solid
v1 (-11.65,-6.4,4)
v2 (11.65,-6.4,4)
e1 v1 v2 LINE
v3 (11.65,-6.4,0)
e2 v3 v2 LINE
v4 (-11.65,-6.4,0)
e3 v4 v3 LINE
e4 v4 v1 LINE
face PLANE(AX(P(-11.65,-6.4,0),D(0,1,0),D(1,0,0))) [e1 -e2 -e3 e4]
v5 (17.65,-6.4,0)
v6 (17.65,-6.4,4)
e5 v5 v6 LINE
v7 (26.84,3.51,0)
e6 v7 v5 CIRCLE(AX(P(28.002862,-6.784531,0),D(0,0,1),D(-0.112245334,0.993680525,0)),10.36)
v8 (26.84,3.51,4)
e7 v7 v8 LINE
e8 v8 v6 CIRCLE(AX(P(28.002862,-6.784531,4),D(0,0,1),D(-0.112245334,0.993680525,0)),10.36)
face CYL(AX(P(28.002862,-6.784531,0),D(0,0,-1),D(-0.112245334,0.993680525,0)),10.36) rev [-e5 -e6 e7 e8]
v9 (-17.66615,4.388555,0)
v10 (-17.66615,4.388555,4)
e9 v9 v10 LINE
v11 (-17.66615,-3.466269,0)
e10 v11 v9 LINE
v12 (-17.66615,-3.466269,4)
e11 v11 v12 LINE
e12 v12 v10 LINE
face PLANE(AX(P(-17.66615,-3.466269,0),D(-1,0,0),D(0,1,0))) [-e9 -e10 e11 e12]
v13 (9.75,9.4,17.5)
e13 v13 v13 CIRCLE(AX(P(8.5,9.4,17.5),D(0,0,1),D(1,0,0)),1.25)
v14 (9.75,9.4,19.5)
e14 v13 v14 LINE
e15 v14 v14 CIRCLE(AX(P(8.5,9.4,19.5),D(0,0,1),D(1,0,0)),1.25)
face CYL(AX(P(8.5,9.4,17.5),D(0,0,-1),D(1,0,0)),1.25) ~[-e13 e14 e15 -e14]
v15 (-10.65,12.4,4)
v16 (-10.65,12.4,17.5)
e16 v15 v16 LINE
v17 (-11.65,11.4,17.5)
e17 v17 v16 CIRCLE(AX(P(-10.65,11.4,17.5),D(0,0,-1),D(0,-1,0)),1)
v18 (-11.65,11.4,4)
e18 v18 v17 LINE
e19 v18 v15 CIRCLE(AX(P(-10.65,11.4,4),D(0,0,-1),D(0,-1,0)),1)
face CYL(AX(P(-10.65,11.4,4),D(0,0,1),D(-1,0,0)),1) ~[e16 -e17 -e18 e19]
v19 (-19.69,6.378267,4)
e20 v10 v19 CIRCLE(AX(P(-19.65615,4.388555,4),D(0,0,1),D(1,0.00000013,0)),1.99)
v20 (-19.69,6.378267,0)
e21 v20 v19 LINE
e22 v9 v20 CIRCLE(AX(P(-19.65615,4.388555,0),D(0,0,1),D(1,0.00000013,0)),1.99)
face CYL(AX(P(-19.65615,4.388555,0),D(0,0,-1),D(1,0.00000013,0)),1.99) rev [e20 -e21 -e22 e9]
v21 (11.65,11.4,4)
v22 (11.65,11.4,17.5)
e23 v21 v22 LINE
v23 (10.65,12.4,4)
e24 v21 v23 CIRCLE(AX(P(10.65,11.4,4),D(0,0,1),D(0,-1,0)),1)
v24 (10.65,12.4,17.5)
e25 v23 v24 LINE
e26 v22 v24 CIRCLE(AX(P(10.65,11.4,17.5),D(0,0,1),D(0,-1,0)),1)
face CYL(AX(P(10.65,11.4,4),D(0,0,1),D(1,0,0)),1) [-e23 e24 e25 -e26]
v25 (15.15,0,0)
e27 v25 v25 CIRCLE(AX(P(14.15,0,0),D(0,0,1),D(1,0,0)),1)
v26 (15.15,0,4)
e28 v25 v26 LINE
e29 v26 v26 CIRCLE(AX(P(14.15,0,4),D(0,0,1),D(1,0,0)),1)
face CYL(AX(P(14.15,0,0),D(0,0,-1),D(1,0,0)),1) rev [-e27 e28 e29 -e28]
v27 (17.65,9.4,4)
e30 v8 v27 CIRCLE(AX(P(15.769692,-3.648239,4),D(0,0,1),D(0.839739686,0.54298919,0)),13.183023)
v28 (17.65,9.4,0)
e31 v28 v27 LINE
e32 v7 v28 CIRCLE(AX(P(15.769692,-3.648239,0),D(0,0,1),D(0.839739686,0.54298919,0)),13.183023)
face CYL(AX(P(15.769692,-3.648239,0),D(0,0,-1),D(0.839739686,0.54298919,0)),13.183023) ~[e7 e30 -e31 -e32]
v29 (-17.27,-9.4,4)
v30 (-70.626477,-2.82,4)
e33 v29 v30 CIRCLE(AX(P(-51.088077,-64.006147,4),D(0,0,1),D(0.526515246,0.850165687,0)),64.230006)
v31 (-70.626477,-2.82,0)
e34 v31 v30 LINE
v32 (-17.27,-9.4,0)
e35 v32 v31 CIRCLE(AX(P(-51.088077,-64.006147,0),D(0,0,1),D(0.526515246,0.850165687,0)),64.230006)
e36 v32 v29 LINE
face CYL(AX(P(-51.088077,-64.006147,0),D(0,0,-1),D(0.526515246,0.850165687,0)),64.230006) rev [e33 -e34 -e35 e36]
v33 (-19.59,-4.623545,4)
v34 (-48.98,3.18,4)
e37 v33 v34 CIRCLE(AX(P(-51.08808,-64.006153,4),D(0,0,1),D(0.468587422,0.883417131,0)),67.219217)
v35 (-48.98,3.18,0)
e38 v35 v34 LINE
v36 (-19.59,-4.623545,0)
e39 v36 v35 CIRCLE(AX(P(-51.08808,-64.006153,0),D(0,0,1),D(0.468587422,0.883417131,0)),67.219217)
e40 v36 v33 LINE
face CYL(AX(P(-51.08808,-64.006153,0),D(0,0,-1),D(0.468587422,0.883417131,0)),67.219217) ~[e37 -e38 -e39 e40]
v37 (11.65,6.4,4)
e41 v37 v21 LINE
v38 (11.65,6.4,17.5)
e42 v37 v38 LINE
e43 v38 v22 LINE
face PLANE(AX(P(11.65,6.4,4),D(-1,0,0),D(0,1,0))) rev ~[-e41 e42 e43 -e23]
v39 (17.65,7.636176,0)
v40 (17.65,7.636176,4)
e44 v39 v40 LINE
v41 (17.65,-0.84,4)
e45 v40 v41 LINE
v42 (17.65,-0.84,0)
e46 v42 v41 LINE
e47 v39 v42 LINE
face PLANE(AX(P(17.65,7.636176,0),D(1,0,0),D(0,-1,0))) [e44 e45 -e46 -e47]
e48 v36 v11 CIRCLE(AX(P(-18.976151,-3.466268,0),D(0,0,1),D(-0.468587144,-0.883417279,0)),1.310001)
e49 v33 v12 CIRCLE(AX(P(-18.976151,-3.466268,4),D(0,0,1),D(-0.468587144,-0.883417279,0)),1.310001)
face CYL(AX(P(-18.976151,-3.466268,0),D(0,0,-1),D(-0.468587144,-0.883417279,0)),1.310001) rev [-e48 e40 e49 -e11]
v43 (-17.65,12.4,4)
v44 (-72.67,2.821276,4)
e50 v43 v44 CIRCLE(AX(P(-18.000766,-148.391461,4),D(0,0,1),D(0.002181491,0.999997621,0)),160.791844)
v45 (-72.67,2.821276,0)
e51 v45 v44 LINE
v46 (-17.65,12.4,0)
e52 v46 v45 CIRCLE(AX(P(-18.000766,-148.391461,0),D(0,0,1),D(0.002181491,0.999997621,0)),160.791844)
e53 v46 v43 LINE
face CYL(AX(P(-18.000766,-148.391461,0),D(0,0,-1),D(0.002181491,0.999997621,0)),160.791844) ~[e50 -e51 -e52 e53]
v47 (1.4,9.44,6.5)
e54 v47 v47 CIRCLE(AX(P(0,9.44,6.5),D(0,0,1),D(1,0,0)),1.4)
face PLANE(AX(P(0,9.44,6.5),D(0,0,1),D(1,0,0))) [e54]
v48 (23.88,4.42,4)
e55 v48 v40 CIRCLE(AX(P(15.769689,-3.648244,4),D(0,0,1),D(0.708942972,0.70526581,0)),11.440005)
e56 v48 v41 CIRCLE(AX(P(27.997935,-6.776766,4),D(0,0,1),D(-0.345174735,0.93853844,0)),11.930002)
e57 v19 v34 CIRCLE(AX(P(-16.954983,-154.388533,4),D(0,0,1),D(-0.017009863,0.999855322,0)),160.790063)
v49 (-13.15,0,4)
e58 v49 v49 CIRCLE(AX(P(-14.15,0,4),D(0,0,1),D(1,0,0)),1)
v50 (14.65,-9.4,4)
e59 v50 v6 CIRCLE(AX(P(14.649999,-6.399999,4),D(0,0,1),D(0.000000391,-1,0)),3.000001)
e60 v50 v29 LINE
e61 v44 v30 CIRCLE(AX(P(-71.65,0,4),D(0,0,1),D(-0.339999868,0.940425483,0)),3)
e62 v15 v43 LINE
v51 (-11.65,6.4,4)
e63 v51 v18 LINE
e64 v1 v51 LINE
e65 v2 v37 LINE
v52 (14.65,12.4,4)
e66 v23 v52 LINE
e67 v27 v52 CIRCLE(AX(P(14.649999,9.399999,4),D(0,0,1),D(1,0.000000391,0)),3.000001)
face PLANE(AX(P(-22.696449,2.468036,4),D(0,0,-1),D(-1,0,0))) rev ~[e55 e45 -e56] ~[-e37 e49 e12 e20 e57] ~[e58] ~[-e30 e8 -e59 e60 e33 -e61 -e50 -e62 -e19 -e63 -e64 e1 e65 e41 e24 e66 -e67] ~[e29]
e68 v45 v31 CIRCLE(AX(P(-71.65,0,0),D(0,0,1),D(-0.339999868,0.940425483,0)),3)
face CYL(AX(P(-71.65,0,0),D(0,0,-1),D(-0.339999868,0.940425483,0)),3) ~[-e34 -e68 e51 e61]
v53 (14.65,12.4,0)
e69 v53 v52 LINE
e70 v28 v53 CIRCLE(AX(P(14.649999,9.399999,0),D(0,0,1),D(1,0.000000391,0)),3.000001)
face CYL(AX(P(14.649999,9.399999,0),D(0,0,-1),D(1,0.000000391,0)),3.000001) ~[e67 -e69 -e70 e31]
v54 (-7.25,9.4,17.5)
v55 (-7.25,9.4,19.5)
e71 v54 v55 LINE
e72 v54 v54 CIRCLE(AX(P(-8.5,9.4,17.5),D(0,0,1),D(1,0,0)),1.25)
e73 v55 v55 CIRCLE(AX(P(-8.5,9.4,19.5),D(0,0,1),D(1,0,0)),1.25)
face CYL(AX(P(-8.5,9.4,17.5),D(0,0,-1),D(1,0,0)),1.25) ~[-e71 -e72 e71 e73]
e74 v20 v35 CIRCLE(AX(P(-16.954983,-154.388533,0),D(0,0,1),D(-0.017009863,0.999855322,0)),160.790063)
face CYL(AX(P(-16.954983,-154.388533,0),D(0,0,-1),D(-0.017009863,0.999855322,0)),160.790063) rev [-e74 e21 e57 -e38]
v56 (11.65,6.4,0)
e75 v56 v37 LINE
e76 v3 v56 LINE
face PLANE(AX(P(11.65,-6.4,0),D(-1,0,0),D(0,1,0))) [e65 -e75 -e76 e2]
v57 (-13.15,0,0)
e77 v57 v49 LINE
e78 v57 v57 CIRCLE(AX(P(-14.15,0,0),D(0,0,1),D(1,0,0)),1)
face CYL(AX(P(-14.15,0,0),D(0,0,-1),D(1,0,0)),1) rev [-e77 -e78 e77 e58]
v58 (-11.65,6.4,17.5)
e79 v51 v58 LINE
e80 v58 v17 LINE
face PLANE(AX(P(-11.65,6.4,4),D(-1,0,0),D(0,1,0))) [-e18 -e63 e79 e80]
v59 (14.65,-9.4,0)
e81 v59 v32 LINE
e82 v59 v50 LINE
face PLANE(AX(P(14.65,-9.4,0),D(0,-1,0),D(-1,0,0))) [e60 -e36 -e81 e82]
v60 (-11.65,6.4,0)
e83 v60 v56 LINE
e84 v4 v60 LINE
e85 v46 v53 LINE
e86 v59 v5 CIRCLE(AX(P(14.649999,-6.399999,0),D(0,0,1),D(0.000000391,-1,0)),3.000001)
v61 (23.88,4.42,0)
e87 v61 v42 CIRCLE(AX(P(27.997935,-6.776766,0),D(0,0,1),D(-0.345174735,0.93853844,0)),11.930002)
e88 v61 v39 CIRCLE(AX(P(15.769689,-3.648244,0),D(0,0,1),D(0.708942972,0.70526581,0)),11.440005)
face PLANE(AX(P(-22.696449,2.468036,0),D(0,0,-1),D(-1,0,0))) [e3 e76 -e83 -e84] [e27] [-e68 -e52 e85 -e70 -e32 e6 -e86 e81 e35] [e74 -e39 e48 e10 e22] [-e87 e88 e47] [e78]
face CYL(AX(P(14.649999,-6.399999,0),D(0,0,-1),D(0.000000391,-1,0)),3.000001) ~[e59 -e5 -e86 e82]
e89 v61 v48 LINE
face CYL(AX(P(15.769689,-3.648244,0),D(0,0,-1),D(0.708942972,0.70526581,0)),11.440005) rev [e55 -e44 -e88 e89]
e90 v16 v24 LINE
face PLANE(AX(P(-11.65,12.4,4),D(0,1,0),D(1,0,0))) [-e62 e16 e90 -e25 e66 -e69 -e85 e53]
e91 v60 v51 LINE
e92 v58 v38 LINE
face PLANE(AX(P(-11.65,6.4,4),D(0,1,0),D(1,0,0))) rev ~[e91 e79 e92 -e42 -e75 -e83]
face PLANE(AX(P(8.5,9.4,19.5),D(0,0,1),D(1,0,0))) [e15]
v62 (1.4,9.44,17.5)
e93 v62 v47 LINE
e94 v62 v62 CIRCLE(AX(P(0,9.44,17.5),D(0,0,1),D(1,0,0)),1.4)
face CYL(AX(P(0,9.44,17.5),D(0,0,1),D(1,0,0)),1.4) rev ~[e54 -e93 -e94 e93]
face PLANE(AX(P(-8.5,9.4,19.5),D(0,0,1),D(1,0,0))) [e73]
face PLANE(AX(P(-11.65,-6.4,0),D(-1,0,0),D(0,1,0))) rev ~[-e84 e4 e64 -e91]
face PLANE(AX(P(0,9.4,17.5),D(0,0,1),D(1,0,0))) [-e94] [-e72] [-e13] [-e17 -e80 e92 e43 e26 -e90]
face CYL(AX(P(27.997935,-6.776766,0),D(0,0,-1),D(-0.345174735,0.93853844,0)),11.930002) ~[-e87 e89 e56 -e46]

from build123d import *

# Parameters (mm, degrees)
SKETCH_R     = 1
SKETCH_W     = 23.3
SKETCH_H     = 12.8
PAD_DEPTH    = 4
SKETCH001_W  = 23.3
SKETCH001_H  = 6
PAD001_DEPTH = 13.5
FILLET_R     = 1
FILLET001_R  = 1
SKETCH002_R  = 1.25
PAD002_DEPTH = 2
SKETCH003_R  = 1.4
POCKET_DEPTH = 11


with BuildPart() as part:
    # Sketch → Pad (new body)
    with BuildSketch(Plane.XY):
        with BuildLine():
            Line((-17.65, 12.4), (14.65, 12.4))
            ThreePointArc((17.65, 9.4), (16.77132, 11.52132), (14.65, 12.4))
            ThreePointArc((26.84, 3.51), (22.883245, 7.450836), (17.65, 9.4))
            ThreePointArc((26.84, 3.51), (20.406481, 0.259943), (17.65, -6.4))
            ThreePointArc((14.65, -9.4), (16.77132, -8.52132), (17.65, -6.4))
            Line((14.65, -9.4), (-17.27, -9.4))
            ThreePointArc((-17.27, -9.4), (-43.226691, -0.259051), (-70.626477, -2.82))
            ThreePointArc((-72.67, 2.821276), (-74.470639, -1.021762), (-70.626477, -2.82))
            ThreePointArc((-17.65, 12.4), (-45.579054, 10.017677), (-72.67, 2.821276))
        make_face()
        with Locations((-14.15, 0)):
            Circle(SKETCH_R, mode=Mode.SUBTRACT)
        with Locations((14.15, 0)):
            Circle(SKETCH_R, mode=Mode.SUBTRACT)
        Rectangle(SKETCH_W, SKETCH_H, mode=Mode.SUBTRACT)
        with BuildLine():
            Line((17.65, 7.636176), (17.65, -0.84))
            ThreePointArc((23.88, 4.42), (20.301686, 2.338754), (17.65, -0.84))
            ThreePointArc((23.88, 4.42), (21.017458, 6.51712), (17.65, 7.636176))
        make_face(mode=Mode.SUBTRACT)
        with BuildLine():
            Line((-17.66615, -3.466269), (-17.66615, 4.388555))
            ThreePointArc((-17.66615, 4.388555), (-18.261027, 5.807615), (-19.69, 6.378267))
            ThreePointArc((-19.69, 6.378267), (-34.408413, 5.451456), (-48.98, 3.18))
            ThreePointArc((-19.59, -4.623545), (-33.83794, 0.961961), (-48.98, 3.18))
            ThreePointArc((-19.59, -4.623545), (-18.300889, -4.58882), (-17.66615, -3.466269))
        make_face(mode=Mode.SUBTRACT)
    extrude(amount=PAD_DEPTH)

    # Sketch001 (on Face25 of Pad) → Pad001 (join)
    with BuildSketch(Plane.XY.offset(4)):
        with Locations((0, 9.4)):
            Rectangle(SKETCH001_W, SKETCH001_H)
    extrude(amount=PAD001_DEPTH)

    # Fillet
    fillet_edges = [part.edges().sort_by_distance(p)[0] for p in [
        (-11.65, 12.4, 10.75),
    ]]
    fillet(fillet_edges, radius=FILLET_R)

    # Fillet001
    fillet001_edges = [part.edges().sort_by_distance(p)[0] for p in [
        (11.65, 12.4, 10.75),
    ]]
    fillet(fillet001_edges, radius=FILLET001_R)

    # Sketch002 (on Face29 of Fillet001) → Pad002 (join)
    with BuildSketch(Plane.XY.offset(17.5)):
        with Locations((8.5, 9.4)):
            Circle(SKETCH002_R)
        with Locations((-8.5, 9.4)):
            Circle(SKETCH002_R)
    extrude(amount=PAD002_DEPTH)

    # Sketch003 (on Face28 of Pad002) → Pocket (cut)
    with BuildSketch(Plane.XY.offset(17.5)):
        with Locations((0, 9.44)):
            Circle(SKETCH003_R)
    extrude(amount=-POCKET_DEPTH, mode=Mode.SUBTRACT)


solid = part.part
